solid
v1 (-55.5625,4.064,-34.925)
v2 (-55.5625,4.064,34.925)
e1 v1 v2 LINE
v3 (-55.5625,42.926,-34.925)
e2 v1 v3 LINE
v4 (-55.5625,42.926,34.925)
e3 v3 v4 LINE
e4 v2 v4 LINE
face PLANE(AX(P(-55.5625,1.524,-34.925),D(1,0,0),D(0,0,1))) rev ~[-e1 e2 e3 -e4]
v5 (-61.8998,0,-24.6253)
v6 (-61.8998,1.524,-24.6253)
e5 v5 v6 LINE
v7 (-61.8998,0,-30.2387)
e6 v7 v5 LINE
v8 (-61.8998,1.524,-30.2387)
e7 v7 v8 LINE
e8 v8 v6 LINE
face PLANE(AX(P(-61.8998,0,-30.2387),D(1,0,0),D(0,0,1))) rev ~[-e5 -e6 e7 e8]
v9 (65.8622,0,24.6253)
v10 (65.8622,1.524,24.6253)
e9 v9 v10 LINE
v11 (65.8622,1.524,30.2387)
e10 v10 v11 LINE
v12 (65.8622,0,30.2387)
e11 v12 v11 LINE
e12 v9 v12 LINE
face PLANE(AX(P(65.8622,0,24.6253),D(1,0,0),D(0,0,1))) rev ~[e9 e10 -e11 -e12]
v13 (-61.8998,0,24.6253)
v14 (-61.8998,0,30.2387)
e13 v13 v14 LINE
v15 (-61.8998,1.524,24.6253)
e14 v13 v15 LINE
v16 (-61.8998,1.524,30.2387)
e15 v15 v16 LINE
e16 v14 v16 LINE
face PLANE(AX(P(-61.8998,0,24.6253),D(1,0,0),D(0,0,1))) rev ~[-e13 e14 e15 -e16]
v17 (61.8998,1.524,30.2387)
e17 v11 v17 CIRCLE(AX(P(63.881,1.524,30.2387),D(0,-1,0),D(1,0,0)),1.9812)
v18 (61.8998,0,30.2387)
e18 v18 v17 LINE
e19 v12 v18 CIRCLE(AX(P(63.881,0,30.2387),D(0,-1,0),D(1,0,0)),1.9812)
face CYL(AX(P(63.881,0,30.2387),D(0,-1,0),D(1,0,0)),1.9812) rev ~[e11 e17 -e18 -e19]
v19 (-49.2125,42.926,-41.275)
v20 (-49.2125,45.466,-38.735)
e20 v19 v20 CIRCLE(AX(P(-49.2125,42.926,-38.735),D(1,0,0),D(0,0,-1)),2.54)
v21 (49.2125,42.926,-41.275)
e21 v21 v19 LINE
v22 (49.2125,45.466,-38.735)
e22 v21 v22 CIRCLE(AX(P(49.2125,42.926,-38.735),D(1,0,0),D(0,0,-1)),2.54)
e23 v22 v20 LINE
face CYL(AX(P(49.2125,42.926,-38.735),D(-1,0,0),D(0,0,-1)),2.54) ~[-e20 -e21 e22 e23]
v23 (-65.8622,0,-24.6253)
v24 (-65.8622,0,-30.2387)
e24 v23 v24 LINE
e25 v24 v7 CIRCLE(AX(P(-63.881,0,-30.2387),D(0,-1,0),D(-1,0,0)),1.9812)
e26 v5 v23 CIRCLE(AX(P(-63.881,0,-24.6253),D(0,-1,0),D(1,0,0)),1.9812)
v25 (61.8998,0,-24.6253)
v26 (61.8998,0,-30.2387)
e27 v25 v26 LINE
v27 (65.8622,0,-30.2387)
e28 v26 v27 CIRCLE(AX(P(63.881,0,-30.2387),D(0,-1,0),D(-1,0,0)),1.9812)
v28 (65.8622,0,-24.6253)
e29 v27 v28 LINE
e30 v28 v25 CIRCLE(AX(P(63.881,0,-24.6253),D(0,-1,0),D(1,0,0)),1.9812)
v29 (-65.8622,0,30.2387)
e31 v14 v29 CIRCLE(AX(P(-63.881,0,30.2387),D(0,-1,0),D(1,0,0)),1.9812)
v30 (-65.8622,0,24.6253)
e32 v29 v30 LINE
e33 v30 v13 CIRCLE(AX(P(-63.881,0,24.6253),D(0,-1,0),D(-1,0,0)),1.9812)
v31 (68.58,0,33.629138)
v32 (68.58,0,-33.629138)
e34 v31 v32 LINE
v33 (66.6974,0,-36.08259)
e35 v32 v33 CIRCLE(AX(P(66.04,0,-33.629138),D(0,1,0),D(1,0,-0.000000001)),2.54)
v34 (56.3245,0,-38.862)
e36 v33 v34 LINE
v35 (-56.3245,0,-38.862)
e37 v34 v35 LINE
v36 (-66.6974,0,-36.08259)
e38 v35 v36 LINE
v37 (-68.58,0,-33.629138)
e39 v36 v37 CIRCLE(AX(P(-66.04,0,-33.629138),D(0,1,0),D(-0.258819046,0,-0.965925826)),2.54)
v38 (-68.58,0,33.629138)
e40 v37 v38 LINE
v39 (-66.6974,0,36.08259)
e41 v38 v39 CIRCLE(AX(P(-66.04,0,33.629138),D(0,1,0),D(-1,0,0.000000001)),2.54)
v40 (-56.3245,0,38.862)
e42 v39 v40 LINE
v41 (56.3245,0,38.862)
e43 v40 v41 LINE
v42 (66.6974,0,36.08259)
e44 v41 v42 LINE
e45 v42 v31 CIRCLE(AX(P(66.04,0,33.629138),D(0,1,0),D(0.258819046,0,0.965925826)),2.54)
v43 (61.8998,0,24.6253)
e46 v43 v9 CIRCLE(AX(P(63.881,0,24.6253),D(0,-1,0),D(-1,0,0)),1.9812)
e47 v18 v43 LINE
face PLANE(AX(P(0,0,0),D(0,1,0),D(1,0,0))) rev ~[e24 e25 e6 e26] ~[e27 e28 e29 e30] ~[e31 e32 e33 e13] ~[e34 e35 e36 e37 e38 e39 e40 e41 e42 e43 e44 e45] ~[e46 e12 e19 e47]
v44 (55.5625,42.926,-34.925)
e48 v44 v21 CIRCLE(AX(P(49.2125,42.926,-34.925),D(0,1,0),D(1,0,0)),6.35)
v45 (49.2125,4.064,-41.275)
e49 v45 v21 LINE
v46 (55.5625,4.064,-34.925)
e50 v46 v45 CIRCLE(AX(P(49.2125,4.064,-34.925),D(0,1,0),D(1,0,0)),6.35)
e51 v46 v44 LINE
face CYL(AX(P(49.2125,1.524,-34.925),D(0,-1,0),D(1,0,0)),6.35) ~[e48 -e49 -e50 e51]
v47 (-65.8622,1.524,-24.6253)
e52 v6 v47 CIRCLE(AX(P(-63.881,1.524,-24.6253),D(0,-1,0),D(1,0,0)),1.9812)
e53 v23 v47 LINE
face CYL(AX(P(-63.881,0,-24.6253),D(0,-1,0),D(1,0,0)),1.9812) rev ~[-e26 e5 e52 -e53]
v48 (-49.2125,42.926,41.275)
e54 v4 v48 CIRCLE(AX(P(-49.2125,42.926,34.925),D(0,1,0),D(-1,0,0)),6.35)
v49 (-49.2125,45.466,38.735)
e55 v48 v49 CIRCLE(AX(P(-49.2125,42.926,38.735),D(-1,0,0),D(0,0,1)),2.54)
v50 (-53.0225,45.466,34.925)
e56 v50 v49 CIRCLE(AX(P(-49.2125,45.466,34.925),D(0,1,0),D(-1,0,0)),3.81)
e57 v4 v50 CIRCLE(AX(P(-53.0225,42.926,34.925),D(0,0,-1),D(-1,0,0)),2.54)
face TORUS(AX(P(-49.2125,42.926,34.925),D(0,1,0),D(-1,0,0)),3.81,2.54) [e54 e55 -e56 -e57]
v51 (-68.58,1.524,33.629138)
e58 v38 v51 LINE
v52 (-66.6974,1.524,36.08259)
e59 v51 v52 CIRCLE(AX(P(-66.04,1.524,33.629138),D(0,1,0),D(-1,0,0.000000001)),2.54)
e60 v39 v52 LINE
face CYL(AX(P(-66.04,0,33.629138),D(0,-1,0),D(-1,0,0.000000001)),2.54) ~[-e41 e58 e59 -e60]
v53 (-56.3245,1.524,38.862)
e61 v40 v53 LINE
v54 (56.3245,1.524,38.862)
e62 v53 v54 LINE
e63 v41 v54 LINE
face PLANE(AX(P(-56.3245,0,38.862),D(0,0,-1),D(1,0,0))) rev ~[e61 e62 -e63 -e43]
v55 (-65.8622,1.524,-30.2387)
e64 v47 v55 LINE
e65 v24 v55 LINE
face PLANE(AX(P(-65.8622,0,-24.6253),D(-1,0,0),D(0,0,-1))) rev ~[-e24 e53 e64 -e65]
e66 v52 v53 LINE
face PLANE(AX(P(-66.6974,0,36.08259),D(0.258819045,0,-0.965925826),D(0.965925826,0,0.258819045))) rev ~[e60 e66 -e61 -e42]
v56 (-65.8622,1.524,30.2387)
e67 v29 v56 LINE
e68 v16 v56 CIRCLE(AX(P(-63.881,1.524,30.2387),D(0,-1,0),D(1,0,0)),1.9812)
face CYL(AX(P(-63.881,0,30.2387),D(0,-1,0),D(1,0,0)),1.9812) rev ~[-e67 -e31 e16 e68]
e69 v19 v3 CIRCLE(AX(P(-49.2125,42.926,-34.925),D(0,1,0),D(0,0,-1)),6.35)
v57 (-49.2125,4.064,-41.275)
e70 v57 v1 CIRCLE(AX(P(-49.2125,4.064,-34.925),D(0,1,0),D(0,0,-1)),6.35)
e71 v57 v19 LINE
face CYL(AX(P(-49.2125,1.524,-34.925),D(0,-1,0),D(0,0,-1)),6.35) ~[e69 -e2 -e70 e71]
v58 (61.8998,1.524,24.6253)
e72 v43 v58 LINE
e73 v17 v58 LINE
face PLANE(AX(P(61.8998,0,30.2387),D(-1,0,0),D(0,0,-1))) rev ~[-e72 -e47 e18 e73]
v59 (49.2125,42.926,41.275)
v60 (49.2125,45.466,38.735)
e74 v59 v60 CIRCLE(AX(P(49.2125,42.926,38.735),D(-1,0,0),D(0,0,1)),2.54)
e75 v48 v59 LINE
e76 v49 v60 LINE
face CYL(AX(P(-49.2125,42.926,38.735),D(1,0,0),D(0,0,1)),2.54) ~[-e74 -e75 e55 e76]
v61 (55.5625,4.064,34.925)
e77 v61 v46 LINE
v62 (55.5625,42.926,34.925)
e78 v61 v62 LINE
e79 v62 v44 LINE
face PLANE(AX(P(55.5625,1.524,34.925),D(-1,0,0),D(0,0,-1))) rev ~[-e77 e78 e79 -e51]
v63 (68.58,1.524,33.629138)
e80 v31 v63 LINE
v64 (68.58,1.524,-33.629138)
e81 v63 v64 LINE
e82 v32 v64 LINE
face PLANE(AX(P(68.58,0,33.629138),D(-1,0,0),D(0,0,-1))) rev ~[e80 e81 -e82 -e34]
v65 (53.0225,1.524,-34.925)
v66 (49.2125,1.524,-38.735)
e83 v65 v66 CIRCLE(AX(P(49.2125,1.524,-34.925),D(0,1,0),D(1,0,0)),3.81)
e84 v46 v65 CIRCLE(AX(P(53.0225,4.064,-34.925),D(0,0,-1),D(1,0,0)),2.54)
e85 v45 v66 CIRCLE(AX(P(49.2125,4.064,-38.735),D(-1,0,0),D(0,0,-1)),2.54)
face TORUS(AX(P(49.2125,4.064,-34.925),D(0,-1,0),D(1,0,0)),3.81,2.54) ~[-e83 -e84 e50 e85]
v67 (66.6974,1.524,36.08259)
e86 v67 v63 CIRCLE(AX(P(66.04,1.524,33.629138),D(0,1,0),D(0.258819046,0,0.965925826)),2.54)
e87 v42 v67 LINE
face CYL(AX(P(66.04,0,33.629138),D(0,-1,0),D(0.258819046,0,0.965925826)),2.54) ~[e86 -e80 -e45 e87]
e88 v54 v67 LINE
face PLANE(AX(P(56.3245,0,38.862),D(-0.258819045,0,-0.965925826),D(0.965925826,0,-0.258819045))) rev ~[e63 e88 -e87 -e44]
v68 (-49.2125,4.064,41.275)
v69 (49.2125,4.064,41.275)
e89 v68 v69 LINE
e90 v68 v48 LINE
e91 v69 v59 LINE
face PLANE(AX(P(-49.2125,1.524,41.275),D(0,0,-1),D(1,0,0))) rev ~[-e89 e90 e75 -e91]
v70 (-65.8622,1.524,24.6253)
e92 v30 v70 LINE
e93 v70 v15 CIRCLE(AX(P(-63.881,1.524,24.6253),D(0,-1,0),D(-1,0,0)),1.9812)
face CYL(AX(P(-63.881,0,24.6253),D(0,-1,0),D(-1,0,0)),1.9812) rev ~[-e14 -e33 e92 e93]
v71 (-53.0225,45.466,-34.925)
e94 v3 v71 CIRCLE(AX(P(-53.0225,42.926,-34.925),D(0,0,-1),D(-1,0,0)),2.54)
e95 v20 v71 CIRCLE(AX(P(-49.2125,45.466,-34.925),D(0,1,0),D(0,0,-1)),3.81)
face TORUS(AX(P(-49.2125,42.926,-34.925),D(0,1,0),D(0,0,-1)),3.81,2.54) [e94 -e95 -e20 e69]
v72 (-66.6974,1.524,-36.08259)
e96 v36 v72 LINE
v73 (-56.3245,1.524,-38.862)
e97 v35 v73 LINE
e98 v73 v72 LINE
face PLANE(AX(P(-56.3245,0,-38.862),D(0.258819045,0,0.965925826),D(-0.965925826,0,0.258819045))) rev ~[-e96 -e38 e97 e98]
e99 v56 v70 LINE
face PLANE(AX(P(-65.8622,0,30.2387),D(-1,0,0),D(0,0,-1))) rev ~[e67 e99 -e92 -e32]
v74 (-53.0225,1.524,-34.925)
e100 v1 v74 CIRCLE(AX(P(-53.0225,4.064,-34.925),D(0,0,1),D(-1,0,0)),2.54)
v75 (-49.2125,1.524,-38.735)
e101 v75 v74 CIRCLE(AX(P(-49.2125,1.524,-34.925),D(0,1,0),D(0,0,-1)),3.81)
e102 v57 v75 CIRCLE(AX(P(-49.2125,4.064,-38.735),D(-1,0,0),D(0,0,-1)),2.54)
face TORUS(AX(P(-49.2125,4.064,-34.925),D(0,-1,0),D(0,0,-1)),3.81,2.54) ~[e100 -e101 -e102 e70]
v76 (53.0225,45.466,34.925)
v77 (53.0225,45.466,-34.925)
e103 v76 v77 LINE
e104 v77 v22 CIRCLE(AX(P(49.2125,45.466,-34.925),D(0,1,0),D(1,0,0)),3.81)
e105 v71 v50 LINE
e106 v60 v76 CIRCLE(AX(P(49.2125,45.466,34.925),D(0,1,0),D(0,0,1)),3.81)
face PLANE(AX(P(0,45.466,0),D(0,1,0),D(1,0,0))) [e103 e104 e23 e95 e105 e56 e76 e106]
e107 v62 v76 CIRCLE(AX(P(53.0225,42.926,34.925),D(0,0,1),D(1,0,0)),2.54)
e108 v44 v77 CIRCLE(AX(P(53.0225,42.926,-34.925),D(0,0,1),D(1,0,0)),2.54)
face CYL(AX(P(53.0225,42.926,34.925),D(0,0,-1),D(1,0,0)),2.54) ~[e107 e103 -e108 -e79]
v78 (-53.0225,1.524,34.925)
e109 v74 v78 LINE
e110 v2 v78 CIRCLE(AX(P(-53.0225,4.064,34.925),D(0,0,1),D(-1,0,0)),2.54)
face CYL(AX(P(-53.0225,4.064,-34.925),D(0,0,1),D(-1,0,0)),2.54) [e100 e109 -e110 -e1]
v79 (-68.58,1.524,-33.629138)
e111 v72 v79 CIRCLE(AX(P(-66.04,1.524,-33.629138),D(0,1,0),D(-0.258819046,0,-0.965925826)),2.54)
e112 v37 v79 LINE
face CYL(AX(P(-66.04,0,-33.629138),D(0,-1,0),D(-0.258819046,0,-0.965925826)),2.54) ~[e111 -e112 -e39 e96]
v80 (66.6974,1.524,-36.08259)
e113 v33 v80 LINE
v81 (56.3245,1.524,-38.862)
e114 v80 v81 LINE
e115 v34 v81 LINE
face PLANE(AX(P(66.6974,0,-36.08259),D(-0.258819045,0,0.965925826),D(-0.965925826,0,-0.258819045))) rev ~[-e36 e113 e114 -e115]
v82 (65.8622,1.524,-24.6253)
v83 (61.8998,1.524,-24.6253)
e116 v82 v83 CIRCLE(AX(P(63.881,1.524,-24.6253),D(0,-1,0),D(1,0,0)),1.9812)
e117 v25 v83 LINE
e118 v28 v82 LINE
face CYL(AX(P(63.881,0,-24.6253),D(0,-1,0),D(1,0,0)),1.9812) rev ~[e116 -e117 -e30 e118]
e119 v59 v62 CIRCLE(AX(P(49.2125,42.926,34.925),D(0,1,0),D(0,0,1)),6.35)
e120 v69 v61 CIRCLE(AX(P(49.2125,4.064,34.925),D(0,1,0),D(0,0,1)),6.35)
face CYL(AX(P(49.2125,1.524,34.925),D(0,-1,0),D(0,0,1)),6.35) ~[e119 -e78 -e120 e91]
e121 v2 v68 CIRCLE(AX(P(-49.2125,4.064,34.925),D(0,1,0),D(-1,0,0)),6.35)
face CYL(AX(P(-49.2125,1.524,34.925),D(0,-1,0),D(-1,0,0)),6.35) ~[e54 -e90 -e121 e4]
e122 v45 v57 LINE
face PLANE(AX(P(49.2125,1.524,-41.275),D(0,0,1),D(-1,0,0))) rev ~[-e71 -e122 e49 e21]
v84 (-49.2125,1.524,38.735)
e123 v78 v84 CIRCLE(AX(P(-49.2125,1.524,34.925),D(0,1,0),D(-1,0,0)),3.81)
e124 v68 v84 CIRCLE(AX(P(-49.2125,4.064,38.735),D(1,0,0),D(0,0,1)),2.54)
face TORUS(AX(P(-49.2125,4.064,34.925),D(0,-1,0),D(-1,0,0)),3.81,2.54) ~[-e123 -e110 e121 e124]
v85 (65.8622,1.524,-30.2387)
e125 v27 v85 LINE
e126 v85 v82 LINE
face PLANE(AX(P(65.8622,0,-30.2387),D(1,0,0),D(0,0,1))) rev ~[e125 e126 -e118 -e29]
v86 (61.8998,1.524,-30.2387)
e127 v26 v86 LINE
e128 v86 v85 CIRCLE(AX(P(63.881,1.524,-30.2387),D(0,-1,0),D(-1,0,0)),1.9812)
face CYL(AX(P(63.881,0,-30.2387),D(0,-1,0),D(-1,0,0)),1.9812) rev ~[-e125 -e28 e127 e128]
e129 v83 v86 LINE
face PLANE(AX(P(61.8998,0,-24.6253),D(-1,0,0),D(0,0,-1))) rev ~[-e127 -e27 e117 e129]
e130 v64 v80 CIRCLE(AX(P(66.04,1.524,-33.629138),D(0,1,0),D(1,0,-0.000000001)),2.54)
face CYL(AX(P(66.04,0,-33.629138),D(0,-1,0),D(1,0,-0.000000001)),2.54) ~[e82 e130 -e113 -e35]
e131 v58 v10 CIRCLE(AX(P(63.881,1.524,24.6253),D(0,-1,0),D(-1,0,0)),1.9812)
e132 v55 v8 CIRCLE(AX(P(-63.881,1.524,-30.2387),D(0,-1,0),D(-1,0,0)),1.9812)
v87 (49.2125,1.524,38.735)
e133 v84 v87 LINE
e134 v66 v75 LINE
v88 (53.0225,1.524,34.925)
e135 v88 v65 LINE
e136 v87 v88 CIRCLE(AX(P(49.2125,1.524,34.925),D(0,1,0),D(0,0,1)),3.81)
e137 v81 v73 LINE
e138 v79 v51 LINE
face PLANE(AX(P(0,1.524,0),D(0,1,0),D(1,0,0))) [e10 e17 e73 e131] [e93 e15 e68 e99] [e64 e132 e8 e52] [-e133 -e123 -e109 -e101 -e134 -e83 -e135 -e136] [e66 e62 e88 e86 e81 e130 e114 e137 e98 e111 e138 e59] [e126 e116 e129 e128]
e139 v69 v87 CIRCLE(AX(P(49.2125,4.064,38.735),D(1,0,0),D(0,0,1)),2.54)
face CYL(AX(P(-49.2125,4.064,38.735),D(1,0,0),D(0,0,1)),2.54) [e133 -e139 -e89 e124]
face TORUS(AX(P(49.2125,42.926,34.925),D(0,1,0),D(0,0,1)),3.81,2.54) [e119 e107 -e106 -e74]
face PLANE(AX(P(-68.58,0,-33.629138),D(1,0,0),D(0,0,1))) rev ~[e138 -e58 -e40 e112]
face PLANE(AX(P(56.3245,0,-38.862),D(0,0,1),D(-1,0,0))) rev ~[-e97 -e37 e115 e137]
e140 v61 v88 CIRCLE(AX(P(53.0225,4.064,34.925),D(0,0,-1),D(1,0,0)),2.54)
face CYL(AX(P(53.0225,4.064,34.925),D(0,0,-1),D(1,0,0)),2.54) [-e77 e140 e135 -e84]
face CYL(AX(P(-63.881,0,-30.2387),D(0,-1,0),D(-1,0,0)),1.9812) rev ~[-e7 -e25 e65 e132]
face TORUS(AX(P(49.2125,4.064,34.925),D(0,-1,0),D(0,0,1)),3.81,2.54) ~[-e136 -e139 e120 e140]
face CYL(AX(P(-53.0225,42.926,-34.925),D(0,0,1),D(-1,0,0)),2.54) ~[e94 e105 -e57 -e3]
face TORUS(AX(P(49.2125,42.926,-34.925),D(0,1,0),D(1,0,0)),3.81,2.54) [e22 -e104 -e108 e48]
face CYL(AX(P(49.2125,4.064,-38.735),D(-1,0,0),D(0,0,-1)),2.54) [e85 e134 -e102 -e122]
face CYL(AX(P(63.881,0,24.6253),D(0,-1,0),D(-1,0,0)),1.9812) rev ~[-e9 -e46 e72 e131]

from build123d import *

# Parameters (mm, degrees)
BOSS_EXTRUDE1_DEPTH = 1.524
BOSS_EXTRUDE2_DEPTH = 43.942
FILLET1_R           = 2.54


with BuildPart() as part:
    # Sketch1 → Boss-Extrude1 (new body)
    with BuildSketch(Plane(origin=(0, 0, 0), x_dir=(1, 0, 0), z_dir=(0, 1, 0))):
        with BuildLine():
            Line((-68.58, 33.629138123), (-68.58, -33.629138123))
            ThreePointArc((-68.58, -33.629138123), (-68.055117484, -35.175392152), (-66.697400375, -36.082589721))
            Line((-66.697400375, -36.082589721), (-56.3245, -38.862))
            Line((-56.3245, -38.862), (0, -38.862))
            Line((0, -38.862), (56.3245, -38.862))
            Line((56.3245, -38.862), (66.697400375, -36.082589721))
            ThreePointArc((66.697400375, -36.082589721), (68.055117484, -35.175392152), (68.58, -33.629138123))
            Line((68.58, -33.629138123), (68.58, 33.629138123))
            ThreePointArc((68.58, 33.629138123), (68.055117484, 35.175392152), (66.697400375, 36.082589721))
            Line((66.697400375, 36.082589721), (56.3245, 38.862))
            Line((56.3245, 38.862), (0, 38.862))
            Line((0, 38.862), (-56.3245, 38.862))
            Line((-56.3245, 38.862), (-66.697400375, 36.082589721))
            ThreePointArc((-66.697400375, 36.082589721), (-68.055117484, 35.175392152), (-68.58, 33.629138123))
        make_face()
        with BuildLine():
            Line((-65.8622, 24.6253), (-65.8622, 30.2387))
            ThreePointArc((-65.8622, 30.2387), (-63.881, 32.2199), (-61.8998, 30.2387))
            Line((-61.8998, 30.2387), (-61.8998, 24.6253))
            ThreePointArc((-61.8998, 24.6253), (-63.881, 22.6441), (-65.8622, 24.6253))
        make_face(mode=Mode.SUBTRACT)
        with BuildLine():
            Line((61.8998, 24.6253), (61.8998, 30.2387))
            ThreePointArc((61.8998, 30.2387), (63.881, 32.2199), (65.8622, 30.2387))
            Line((65.8622, 30.2387), (65.8622, 24.6253))
            ThreePointArc((65.8622, 24.6253), (63.881, 22.6441), (61.8998, 24.6253))
        make_face(mode=Mode.SUBTRACT)
        with BuildLine():
            Line((61.8998, -30.2387), (61.8998, -24.6253))
            ThreePointArc((61.8998, -24.6253), (63.881, -22.6441), (65.8622, -24.6253))
            Line((65.8622, -24.6253), (65.8622, -30.2387))
            ThreePointArc((65.8622, -30.2387), (63.881, -32.2199), (61.8998, -30.2387))
        make_face(mode=Mode.SUBTRACT)
        with BuildLine():
            Line((-65.8622, -30.2387), (-65.8622, -24.6253))
            ThreePointArc((-65.8622, -24.6253), (-63.881, -22.6441), (-61.8998, -24.6253))
            Line((-61.8998, -24.6253), (-61.8998, -30.2387))
            ThreePointArc((-61.8998, -30.2387), (-63.881, -32.2199), (-65.8622, -30.2387))
        make_face(mode=Mode.SUBTRACT)
    extrude(amount=BOSS_EXTRUDE1_DEPTH)


with BuildPart() as body_2:
    # Sketch2 → Boss-Extrude2 (new body)
    with BuildSketch(Plane(origin=(0, 1.524, 0), x_dir=(1, 0, 0), z_dir=(0, 1, 0))):
        with BuildLine():
            Line((55.5625, -34.925), (55.5625, 34.925))
            ThreePointArc((55.5625, 34.925), (53.702628061, 39.415128061), (49.2125, 41.275))
            Line((49.2125, 41.275), (-49.2125, 41.275))
            ThreePointArc((-49.2125, 41.275), (-53.702628061, 39.415128061), (-55.5625, 34.925))
            Line((-55.5625, 34.925), (-55.5625, -34.925))
            ThreePointArc((-55.5625, -34.925), (-53.702628061, -39.415128061), (-49.2125, -41.275))
            Line((-49.2125, -41.275), (49.2125, -41.275))
            ThreePointArc((49.2125, -41.275), (53.702628061, -39.415128061), (55.5625, -34.925))
        make_face()
    extrude(amount=BOSS_EXTRUDE2_DEPTH)

    # Fillet1
    fillet1_edges = [body_2.edges().sort_by_distance(p)[0] for p in [
        (-55.5625, 1.524, 0),
        (-53.702628061, 1.524, -39.415128061),
        (0, 1.524, -41.275),
        (53.702628061, 1.524, -39.415128061),
        (55.5625, 45.466, 0),
        (53.702628061, 45.466, 39.415128061),
        (0, 45.466, 41.275),
        (-53.702628061, 45.466, 39.415128061),
        (-55.5625, 45.466, 0),
        (-53.702628061, 45.466, -39.415128061),
        (0, 45.466, -41.275),
        (53.702628061, 45.466, -39.415128061),
        (55.5625, 1.524, 0),
        (53.702628061, 1.524, 39.415128061),
        (0, 1.524, 41.275),
        (-53.702628061, 1.524, 39.415128061),
    ]]
    fillet(fillet1_edges, radius=FILLET1_R)

    # Combine1: union part
    add(part.part)


solid = body_2.part
